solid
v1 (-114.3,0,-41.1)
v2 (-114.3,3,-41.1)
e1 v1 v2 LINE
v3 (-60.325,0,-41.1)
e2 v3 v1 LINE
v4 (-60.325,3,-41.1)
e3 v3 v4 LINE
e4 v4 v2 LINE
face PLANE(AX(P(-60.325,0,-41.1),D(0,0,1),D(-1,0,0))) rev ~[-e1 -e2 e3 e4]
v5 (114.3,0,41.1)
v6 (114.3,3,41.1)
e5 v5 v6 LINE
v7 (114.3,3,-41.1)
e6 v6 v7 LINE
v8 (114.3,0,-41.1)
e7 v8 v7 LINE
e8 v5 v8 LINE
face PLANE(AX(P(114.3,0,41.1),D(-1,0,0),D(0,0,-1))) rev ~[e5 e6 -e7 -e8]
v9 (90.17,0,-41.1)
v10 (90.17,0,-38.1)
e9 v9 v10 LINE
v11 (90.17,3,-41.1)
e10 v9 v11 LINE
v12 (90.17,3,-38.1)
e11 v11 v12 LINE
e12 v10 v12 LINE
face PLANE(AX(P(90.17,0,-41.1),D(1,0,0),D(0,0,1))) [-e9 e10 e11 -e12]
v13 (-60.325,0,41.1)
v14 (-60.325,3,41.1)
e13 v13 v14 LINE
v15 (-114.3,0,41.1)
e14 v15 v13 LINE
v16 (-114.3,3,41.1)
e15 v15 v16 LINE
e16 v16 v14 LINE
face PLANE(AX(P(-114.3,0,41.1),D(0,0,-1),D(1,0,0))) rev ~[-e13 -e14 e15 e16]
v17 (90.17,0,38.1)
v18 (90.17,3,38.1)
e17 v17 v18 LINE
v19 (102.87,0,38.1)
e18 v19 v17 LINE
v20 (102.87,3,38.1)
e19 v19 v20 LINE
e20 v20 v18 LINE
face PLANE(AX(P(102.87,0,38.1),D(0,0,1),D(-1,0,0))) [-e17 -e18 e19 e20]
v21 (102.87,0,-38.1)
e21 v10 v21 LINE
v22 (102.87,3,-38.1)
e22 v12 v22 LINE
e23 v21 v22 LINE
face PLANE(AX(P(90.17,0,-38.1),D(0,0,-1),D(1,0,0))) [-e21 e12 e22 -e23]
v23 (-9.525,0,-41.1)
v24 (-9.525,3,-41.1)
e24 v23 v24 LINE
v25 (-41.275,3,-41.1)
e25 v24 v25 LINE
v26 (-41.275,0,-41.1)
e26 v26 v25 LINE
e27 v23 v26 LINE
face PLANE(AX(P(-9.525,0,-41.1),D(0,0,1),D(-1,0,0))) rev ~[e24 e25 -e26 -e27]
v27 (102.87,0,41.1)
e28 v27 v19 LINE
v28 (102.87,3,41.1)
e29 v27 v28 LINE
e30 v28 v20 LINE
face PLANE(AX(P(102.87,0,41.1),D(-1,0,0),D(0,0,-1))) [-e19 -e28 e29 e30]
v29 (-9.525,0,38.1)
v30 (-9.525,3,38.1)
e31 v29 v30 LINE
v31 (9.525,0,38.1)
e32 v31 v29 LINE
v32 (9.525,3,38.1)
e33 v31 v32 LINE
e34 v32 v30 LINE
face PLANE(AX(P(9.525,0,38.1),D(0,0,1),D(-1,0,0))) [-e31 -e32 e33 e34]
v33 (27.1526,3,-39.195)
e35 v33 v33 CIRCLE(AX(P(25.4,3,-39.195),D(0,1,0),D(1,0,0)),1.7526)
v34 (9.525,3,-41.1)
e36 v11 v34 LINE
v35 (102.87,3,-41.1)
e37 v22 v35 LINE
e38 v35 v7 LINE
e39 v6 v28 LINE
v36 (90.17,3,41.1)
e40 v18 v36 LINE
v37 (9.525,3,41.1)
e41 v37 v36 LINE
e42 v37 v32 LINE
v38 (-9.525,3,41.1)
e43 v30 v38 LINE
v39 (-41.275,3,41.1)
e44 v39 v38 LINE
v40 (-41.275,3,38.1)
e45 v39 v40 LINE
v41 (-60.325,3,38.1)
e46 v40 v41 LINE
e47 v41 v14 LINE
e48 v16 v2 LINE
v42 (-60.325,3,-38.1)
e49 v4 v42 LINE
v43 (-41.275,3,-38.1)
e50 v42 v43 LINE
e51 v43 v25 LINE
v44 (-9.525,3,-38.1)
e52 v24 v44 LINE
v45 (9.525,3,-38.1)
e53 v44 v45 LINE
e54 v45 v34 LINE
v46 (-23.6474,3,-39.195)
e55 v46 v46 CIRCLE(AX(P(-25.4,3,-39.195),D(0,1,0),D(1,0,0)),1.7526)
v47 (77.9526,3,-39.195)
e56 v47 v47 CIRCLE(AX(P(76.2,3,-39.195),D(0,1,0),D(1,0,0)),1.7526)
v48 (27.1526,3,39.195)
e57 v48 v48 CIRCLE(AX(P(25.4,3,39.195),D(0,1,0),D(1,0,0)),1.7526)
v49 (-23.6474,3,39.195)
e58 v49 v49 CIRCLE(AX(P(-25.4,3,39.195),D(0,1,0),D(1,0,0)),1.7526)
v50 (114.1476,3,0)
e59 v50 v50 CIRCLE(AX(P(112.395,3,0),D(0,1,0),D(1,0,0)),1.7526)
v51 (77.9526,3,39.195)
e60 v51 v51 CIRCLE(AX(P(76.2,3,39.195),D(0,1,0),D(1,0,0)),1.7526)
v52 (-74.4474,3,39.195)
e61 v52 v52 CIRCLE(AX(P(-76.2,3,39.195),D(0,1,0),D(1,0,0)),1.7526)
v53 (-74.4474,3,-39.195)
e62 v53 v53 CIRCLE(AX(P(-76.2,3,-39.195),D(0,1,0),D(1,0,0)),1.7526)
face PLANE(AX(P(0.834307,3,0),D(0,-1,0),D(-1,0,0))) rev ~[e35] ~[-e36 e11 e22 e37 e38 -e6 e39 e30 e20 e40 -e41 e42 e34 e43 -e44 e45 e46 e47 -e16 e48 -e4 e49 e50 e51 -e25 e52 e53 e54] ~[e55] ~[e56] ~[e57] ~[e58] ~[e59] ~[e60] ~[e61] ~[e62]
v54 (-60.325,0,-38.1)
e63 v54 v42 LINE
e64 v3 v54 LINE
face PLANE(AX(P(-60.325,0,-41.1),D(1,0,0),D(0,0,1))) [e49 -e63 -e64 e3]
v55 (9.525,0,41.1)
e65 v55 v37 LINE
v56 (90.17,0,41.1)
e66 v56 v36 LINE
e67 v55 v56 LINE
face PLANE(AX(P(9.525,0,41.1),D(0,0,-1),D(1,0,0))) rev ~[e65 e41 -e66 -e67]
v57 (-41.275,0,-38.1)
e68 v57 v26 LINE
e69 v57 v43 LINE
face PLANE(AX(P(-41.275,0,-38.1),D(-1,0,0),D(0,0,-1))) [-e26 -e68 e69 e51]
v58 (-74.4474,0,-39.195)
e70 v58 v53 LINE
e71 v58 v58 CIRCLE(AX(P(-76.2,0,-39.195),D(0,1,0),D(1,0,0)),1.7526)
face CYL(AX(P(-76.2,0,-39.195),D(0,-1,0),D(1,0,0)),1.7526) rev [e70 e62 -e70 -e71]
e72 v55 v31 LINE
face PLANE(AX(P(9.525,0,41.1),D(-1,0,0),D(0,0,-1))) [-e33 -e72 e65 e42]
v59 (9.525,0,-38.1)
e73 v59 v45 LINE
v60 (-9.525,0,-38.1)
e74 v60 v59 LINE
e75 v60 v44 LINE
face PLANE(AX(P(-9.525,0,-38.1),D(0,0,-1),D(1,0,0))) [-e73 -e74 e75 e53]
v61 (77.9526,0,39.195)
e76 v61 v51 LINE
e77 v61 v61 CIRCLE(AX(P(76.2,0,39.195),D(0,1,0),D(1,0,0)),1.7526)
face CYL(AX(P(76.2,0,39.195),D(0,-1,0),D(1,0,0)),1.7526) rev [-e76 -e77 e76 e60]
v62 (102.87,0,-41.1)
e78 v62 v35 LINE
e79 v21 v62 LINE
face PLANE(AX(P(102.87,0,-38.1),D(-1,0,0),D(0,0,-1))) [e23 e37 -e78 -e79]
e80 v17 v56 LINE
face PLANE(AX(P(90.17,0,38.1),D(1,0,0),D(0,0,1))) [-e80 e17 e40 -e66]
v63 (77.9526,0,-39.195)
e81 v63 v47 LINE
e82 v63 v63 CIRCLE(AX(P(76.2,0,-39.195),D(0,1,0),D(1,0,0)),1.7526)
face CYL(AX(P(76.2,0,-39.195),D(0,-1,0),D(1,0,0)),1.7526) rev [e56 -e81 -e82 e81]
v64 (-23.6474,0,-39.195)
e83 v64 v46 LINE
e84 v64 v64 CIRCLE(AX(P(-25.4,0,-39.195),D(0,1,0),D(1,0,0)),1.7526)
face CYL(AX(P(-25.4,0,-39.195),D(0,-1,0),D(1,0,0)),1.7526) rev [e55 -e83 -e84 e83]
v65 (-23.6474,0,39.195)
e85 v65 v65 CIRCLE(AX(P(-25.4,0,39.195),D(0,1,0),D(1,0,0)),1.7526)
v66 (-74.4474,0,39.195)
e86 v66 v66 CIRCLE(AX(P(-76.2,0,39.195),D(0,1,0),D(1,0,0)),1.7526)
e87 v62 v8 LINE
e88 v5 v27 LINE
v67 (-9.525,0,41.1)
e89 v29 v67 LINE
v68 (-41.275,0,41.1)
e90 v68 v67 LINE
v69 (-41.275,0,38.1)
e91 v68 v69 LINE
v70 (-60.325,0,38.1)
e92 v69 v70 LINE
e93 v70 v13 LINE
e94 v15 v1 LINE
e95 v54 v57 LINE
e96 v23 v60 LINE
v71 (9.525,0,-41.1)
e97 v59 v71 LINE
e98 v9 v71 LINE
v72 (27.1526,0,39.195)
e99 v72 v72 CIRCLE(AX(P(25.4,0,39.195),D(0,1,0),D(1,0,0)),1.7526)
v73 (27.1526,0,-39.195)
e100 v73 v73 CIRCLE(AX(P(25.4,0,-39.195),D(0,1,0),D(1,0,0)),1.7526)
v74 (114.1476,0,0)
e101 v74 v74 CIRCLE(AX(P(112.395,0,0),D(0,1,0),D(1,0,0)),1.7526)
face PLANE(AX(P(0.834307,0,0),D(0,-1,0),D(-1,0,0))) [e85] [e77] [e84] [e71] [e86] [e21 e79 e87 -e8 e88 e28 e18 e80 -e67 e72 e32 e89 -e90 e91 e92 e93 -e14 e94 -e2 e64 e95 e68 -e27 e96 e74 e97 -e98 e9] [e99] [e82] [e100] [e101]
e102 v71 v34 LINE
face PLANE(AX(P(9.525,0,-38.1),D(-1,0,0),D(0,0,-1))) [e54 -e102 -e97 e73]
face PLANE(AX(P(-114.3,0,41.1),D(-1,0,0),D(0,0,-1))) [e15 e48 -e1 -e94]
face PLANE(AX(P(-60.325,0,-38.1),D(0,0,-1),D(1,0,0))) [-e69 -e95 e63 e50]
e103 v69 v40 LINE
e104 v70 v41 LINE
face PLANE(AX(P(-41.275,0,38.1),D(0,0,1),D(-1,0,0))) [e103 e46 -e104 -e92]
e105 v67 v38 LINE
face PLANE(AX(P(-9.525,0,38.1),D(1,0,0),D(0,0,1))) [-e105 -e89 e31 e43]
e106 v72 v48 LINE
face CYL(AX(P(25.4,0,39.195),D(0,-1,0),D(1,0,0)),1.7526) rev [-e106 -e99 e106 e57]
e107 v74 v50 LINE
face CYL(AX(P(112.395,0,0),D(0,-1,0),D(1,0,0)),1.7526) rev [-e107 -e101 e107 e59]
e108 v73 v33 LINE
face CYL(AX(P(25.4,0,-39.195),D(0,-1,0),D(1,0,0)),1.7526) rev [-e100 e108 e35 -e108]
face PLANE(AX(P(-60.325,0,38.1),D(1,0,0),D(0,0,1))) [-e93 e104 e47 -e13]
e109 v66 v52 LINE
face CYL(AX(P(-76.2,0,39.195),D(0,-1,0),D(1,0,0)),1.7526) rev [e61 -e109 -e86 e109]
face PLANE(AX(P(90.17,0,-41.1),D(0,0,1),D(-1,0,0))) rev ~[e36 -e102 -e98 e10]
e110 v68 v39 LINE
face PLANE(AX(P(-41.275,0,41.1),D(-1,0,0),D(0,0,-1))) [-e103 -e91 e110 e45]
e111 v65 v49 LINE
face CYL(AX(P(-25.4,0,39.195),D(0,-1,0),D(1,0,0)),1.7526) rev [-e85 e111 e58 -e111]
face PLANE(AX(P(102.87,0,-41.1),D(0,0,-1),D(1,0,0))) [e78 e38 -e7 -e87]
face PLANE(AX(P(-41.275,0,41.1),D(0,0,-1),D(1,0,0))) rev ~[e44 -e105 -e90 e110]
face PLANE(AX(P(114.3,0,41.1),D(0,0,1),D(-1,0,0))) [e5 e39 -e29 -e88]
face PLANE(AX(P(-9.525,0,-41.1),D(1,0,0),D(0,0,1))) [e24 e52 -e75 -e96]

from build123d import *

# Parameters (mm, degrees)
SKETCH1_R           = 1.7526
BOSS_EXTRUDE1_DEPTH = 3


with BuildPart() as part:
    # Sketch1 → Boss-Extrude1 (new body)
    with BuildSketch(Plane(origin=(0, 0, 0), x_dir=(1, 0, 0), z_dir=(0, 1, 0))):
        Polygon((114.3, -0.83215209), (114.3, -41.1), (102.87, -41.1), (102.87, -38.1), (90.17, -38.1), (90.17, -41.1), (89.493211941, -41.1), (77.528882775, -41.1), (74.871117225, -41.1), (26.728882775, -41.1), (24.071117225, -41.1), (9.525, -41.1), (9.525, -38.1), (-9.525, -38.1), (-9.525, -41.1), (-24.071117225, -41.1), (-26.728882775, -41.1), (-41.275, -41.1), (-41.275, -38.1), (-60.325, -38.1), (-60.325, -41.1), (-74.871117225, -41.1), (-77.528882775, -41.1), (-114.3, -41.1), (-114.3, 41.1), (-77.528882775, 41.1), (-74.871117225, 41.1), (-60.325, 41.1), (-60.325, 38.1), (-41.275, 38.1), (-41.275, 41.1), (-26.728882775, 41.1), (-24.071117225, 41.1), (-9.525, 41.1), (-9.525, 38.1), (9.525, 38.1), (9.525, 41.1), (24.071117225, 41.1), (26.728882775, 41.1), (74.871117225, 41.1), (77.528882775, 41.1), (89.493211941, 41.1), (90.17, 41.1), (90.17, 38.1), (102.87, 38.1), (102.87, 41.1), (114.3, 41.1), (114.3, 1.18215209), align=None)
        with Locations((-25.4, -39.195)):
            Circle(SKETCH1_R, mode=Mode.SUBTRACT)
        with Locations((112.395, 0)):
            Circle(SKETCH1_R, mode=Mode.SUBTRACT)
        with Locations((25.4, -39.195)):
            Circle(SKETCH1_R, mode=Mode.SUBTRACT)
        with Locations((76.2, -39.195)):
            Circle(SKETCH1_R, mode=Mode.SUBTRACT)
        with Locations((76.2, 39.195)):
            Circle(SKETCH1_R, mode=Mode.SUBTRACT)
        with Locations((25.4, 39.195)):
            Circle(SKETCH1_R, mode=Mode.SUBTRACT)
        with Locations((-25.4, 39.195)):
            Circle(SKETCH1_R, mode=Mode.SUBTRACT)
        with Locations((-76.2, 39.195)):
            Circle(SKETCH1_R, mode=Mode.SUBTRACT)
        with Locations((-76.2, -39.195)):
            Circle(SKETCH1_R, mode=Mode.SUBTRACT)
    extrude(amount=BOSS_EXTRUDE1_DEPTH)


solid = part.part
